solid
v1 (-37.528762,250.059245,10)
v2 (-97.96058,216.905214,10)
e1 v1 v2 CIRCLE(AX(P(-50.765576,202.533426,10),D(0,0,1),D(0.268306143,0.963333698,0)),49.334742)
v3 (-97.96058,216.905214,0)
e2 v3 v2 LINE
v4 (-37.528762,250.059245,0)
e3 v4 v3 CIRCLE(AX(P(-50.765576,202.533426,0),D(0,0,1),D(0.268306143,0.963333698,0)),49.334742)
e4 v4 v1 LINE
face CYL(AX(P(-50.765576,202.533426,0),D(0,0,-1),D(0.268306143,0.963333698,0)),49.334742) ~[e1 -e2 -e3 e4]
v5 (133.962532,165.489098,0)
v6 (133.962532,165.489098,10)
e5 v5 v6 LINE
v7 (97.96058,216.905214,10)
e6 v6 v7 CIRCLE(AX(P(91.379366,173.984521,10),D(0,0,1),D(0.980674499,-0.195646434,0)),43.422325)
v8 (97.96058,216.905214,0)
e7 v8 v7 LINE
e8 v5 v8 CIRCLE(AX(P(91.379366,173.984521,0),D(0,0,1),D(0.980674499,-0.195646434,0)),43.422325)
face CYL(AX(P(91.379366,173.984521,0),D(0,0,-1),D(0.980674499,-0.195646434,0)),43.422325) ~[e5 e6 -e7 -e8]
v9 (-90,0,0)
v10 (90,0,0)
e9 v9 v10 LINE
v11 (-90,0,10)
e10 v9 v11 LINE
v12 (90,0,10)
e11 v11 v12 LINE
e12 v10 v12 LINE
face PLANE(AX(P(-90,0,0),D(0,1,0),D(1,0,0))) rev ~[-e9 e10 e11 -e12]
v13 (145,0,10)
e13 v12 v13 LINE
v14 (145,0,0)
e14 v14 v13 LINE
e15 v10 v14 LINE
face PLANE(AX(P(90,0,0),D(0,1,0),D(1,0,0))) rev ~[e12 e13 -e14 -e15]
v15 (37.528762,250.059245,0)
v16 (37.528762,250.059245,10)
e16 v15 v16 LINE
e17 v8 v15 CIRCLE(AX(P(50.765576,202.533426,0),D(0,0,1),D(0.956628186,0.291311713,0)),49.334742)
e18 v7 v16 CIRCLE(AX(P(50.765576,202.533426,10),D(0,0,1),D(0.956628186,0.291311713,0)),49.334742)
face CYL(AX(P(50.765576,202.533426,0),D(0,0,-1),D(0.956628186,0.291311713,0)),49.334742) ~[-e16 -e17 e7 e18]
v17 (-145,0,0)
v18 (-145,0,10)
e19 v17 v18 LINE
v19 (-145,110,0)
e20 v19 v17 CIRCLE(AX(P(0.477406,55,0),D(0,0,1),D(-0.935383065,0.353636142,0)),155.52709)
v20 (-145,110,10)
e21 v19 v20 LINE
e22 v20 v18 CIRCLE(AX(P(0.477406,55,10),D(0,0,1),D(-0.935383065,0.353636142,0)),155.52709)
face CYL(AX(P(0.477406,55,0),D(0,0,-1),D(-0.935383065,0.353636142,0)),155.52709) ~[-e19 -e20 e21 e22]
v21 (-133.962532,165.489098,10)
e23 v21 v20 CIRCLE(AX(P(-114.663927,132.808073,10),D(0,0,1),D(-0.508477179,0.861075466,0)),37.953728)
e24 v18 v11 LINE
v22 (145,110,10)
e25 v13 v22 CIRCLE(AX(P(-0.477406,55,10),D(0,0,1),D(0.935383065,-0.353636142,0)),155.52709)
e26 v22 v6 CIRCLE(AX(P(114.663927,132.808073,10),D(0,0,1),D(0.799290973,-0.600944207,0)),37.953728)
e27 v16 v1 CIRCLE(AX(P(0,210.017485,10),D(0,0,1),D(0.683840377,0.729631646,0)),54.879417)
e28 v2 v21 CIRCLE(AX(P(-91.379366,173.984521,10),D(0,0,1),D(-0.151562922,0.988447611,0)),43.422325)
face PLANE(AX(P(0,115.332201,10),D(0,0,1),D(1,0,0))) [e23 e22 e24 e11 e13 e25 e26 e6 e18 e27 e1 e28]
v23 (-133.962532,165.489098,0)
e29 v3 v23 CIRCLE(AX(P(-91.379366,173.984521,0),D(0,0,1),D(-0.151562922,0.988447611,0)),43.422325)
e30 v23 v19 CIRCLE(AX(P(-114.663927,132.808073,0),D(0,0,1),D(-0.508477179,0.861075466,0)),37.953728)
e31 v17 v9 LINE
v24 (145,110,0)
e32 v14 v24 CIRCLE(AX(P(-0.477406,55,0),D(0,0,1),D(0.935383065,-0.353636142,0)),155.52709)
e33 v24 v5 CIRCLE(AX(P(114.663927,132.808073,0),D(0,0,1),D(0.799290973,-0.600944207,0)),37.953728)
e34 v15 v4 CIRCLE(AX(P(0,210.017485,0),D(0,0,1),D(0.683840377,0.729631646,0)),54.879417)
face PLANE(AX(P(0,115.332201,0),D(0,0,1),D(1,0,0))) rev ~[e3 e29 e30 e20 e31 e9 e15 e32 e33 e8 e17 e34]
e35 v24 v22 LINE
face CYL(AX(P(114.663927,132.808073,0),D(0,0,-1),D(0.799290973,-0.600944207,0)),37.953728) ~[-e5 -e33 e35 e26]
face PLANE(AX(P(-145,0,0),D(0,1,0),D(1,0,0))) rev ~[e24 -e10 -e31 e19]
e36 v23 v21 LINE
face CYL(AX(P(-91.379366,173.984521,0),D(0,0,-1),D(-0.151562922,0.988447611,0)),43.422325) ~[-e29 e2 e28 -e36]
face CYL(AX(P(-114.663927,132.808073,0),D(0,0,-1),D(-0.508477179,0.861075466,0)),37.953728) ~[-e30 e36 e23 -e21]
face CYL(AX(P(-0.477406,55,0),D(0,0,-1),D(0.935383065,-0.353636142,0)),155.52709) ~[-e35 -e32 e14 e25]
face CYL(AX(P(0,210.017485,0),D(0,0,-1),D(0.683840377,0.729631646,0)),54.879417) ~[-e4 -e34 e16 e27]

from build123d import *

# Parameters (mm, degrees)
F2_DEPTH = 10


with BuildPart() as f2:
    # F1 (on Top) → F2 (new body)
    with BuildSketch(Plane.XY):
        with BuildLine():
            Line((105, 0), (105, 110))
            ThreePointArc((105, 110), (0, 215), (-105, 110))
            Line((-105, 110), (-105, 0))
            Line((-105, 0), (-90, 0))
            Line((-90, 0), (-90, 110))
            ThreePointArc((-90, 110), (0, 200), (90, 110))
            Line((90, 110), (90, 2.92e-08))
            Line((90, 0), (105, 0))
        make_face()
        with BuildLine():
            ThreePointArc((-105, 110), (0, 215), (105, 110))
            Line((105, 110), (105, 0))
            Line((105, 0), (145, 0))
            Line((145, 0), (145, 110))
            ThreePointArc((145, 110), (142.2138656585, 138.2880966923), (133.9625322141, 165.4890976929))
            ThreePointArc((133.9625322141, 165.4890976929), (118.7770464219, 193.1685832709), (97.9605801043, 216.9052138375))
            ThreePointArc((97.9605801043, 216.9052138375), (69.7433714933, 237.1253795776), (37.5287615399, 250.0592448119))
            ThreePointArc((37.5287615399, 250.0592448119), (0, 255), (-37.5287615399, 250.0592448119))
            ThreePointArc((-37.5287615399, 250.0592448119), (-69.7433714933, 237.1253795776), (-97.9605801043, 216.9052138375))
            ThreePointArc((-97.9605801043, 216.9052138375), (-118.7770464219, 193.1685832709), (-133.9625322141, 165.4890976929))
            ThreePointArc((-133.9625322141, 165.4890976929), (-142.2138656585, 138.2880966923), (-145, 110))
            Line((-145, 110), (-145, 0))
            Line((-145, 0), (-105, 0))
            Line((-105, 0), (-105, 110))
        make_face()
        with BuildLine():
            add(Edge.make_bspline(
                [(-140, 20), (-140, -1.6506350946), (-117.5, 9.1746824527), (-95, 20), (-117.5, 30.8253175473), (-140, 41.6506350946), (-140, 20)],
                knots=[0, 0, 0, 2.0943951024, 2.0943951024, 4.1887902048, 4.1887902048, 6.2831853072, 6.2831853072, 6.2831853072], degree=2, weights=[1, 0.5, 1, 0.5, 1, 0.5, 1]))
        make_face(mode=Mode.SUBTRACT)
        with BuildLine():
            add(Edge.make_bspline(
                [(-140, 65), (-140, 43.3493649054), (-117.5, 54.1746824527), (-95, 65), (-117.5, 75.8253175473), (-140, 86.6506350946), (-140, 65)],
                knots=[0, 0, 0, 2.0943951024, 2.0943951024, 4.1887902048, 4.1887902048, 6.2831853072, 6.2831853072, 6.2831853072], degree=2, weights=[1, 0.5, 1, 0.5, 1, 0.5, 1]))
        make_face(mode=Mode.SUBTRACT)
        with BuildLine():
            add(Edge.make_bspline(
                [(-140, 110), (-140, 88.3493649054), (-117.5, 99.1746824527), (-95, 110), (-117.5, 120.8253175473), (-140, 131.6506350946), (-140, 110)],
                knots=[0, 0, 0, 2.0943951024, 2.0943951024, 4.1887902048, 4.1887902048, 6.2831853072, 6.2831853072, 6.2831853072], degree=2, weights=[1, 0.5, 1, 0.5, 1, 0.5, 1]))
        make_face(mode=Mode.SUBTRACT)
        with BuildLine():
            add(Edge.make_bspline(
                [(140, 20), (140, 41.6506350946), (117.5, 30.8253175473), (95, 20), (117.5, 9.1746824527), (140, -1.6506350946), (140, 20)],
                knots=[0, 0, 0, 2.0943951024, 2.0943951024, 4.1887902048, 4.1887902048, 6.2831853072, 6.2831853072, 6.2831853072], degree=2, weights=[1, 0.5, 1, 0.5, 1, 0.5, 1]))
        make_face(mode=Mode.SUBTRACT)
        with BuildLine():
            add(Edge.make_bspline(
                [(140, 65), (140, 86.6506350946), (117.5, 75.8253175473), (95, 65), (117.5, 54.1746824527), (140, 43.3493649054), (140, 65)],
                knots=[0, 0, 0, 2.0943951024, 2.0943951024, 4.1887902048, 4.1887902048, 6.2831853072, 6.2831853072, 6.2831853072], degree=2, weights=[1, 0.5, 1, 0.5, 1, 0.5, 1]))
        make_face(mode=Mode.SUBTRACT)
        with BuildLine():
            add(Edge.make_bspline(
                [(140, 110), (140, 131.6506350946), (117.5, 120.8253175473), (95, 110), (117.5, 99.1746824527), (140, 88.3493649054), (140, 110)],
                knots=[0, 0, 0, 2.0943951024, 2.0943951024, 4.1887902048, 4.1887902048, 6.2831853072, 6.2831853072, 6.2831853072], degree=2, weights=[1, 0.5, 1, 0.5, 1, 0.5, 1]))
        make_face(mode=Mode.SUBTRACT)
        with BuildLine():
            add(Edge.make_bspline(
                [(-130.4849415639, 157.8354290456), (-130.4849415639, 136.184793951), (-107.9849415639, 147.0101114983), (-85.4849415639, 157.8354290456), (-107.9849415639, 168.6607465929), (-130.4849415639, 179.4860641402), (-130.4849415639, 157.8354290456)],
                knots=[0, 0, 0, 2.0943951024, 2.0943951024, 4.1887902048, 4.1887902048, 6.2831853072, 6.2831853072, 6.2831853072], degree=2, weights=[1, 0.5, 1, 0.5, 1, 0.5, 1]))
        make_face(mode=Mode.SUBTRACT)
        with BuildLine():
            add(Edge.make_bspline(
                [(-99.448775952, 202.1596671013), (-99.448775952, 180.5090320067), (-76.948775952, 191.334349554), (-54.448775952, 202.1596671013), (-76.948775952, 212.9849846486), (-99.448775952, 223.8103021959), (-99.448775952, 202.1596671013)],
                knots=[0, 0, 0, 2.0943951024, 2.0943951024, 4.1887902048, 4.1887902048, 6.2831853072, 6.2831853072, 6.2831853072], degree=2, weights=[1, 0.5, 1, 0.5, 1, 0.5, 1]))
        make_face(mode=Mode.SUBTRACT)
        with BuildLine():
            add(Edge.make_bspline(
                [(-47.3523806378, 230.7407282861), (-47.3523806378, 209.0900931915), (-24.8523806378, 219.9154107388), (-2.3523806378, 230.7407282861), (-24.8523806378, 241.5660458334), (-47.3523806378, 252.3913633807), (-47.3523806378, 230.7407282861)],
                knots=[0, 0, 0, 2.0943951024, 2.0943951024, 4.1887902048, 4.1887902048, 6.2831853072, 6.2831853072, 6.2831853072], degree=2, weights=[1, 0.5, 1, 0.5, 1, 0.5, 1]))
        make_face(mode=Mode.SUBTRACT)
        with BuildLine():
            add(Edge.make_bspline(
                [(130.4849415639, 157.8354290456), (130.4849415639, 179.4860641402), (107.9849415639, 168.6607465929), (85.4849415639, 157.8354290456), (107.9849415639, 147.0101114983), (130.4849415639, 136.184793951), (130.4849415639, 157.8354290456)],
                knots=[0, 0, 0, 2.0943951024, 2.0943951024, 4.1887902048, 4.1887902048, 6.2831853072, 6.2831853072, 6.2831853072], degree=2, weights=[1, 0.5, 1, 0.5, 1, 0.5, 1]))
        make_face(mode=Mode.SUBTRACT)
        with BuildLine():
            add(Edge.make_bspline(
                [(47.3523806378, 230.7407282861), (47.3523806378, 252.3913633807), (24.8523806378, 241.5660458334), (2.3523806378, 230.7407282861), (24.8523806378, 219.9154107388), (47.3523806378, 209.0900931915), (47.3523806378, 230.7407282861)],
                knots=[0, 0, 0, 2.0943951024, 2.0943951024, 4.1887902048, 4.1887902048, 6.2831853072, 6.2831853072, 6.2831853072], degree=2, weights=[1, 0.5, 1, 0.5, 1, 0.5, 1]))
        make_face(mode=Mode.SUBTRACT)
        with BuildLine():
            add(Edge.make_bspline(
                [(99.448775952, 202.1596671013), (99.448775952, 223.8103021959), (76.948775952, 212.9849846486), (54.448775952, 202.1596671013), (76.948775952, 191.334349554), (99.448775952, 180.5090320067), (99.448775952, 202.1596671013)],
                knots=[0, 0, 0, 2.0943951024, 2.0943951024, 4.1887902048, 4.1887902048, 6.2831853072, 6.2831853072, 6.2831853072], degree=2, weights=[1, 0.5, 1, 0.5, 1, 0.5, 1]))
        make_face(mode=Mode.SUBTRACT)
        with BuildLine():
            ThreePointArc((-145, 110), (-155.0496837882, 55), (-145, 0))
            Line((-145, 0), (-145, 110))
        make_face()
        with BuildLine():
            ThreePointArc((-133.9625322141, 165.4890976929), (-151.8883856552, 140.2124783682), (-145, 110))
            ThreePointArc((-145, 110), (-142.2138656585, 138.2880966923), (-133.9625322141, 165.4890976929))
        make_face()
        with BuildLine():
            ThreePointArc((-97.9605801043, 216.9052138375), (-126.948851738, 198.890542954), (-133.9625322141, 165.4890976929))
            ThreePointArc((-133.9625322141, 165.4890976929), (-118.7770464219, 193.1685832709), (-97.9605801043, 216.9052138375))
        make_face()
        with BuildLine():
            ThreePointArc((-37.5287615399, 250.0592448119), (-74.4950323823, 245.7865136926), (-97.9605801043, 216.9052138375))
            ThreePointArc((-97.9605801043, 216.9052138375), (-69.7433714933, 237.1253795776), (-37.5287615399, 250.0592448119))
        make_face()
        with BuildLine():
            ThreePointArc((-37.5287615399, 250.0592448119), (0, 255), (37.5287615399, 250.0592448119))
            ThreePointArc((37.5287615399, 250.0592448119), (0, 264.8969025948), (-37.5287615399, 250.0592448119))
        make_face()
        with BuildLine():
            ThreePointArc((37.5287615399, 250.0592448119), (69.7433714933, 237.1253795776), (97.9605801043, 216.9052138375))
            ThreePointArc((97.9605801043, 216.9052138375), (74.4950323823, 245.7865136926), (37.5287615399, 250.0592448119))
        make_face()
        with BuildLine():
            ThreePointArc((97.9605801043, 216.9052138375), (118.7770464219, 193.1685832709), (133.9625322141, 165.4890976929))
            ThreePointArc((133.9625322141, 165.4890976929), (126.948851738, 198.890542954), (97.9605801043, 216.9052138375))
        make_face()
        with BuildLine():
            ThreePointArc((133.9625322141, 165.4890976929), (142.2138656585, 138.2880966923), (145, 110))
            ThreePointArc((145, 110), (151.8883856552, 140.2124783682), (133.9625322141, 165.4890976929))
        make_face()
        with BuildLine():
            Line((145, 110), (145, 0))
            ThreePointArc((145, 0), (155.0496837882, 55), (145, 110))
        make_face()
        with BuildLine():
            add(Edge.make_bspline(
                [(140, 20), (140, 41.6506350946), (117.5, 30.8253175473), (95, 20), (117.5, 9.1746824527), (140, -1.6506350946), (140, 20)],
                knots=[0, 0, 0, 2.0943951024, 2.0943951024, 4.1887902048, 4.1887902048, 6.2831853072, 6.2831853072, 6.2831853072], degree=2, weights=[1, 0.5, 1, 0.5, 1, 0.5, 1]))
        make_face()
        with BuildLine():
            add(Edge.make_bspline(
                [(140, 65), (140, 86.6506350946), (117.5, 75.8253175473), (95, 65), (117.5, 54.1746824527), (140, 43.3493649054), (140, 65)],
                knots=[0, 0, 0, 2.0943951024, 2.0943951024, 4.1887902048, 4.1887902048, 6.2831853072, 6.2831853072, 6.2831853072], degree=2, weights=[1, 0.5, 1, 0.5, 1, 0.5, 1]))
        make_face()
        with BuildLine():
            add(Edge.make_bspline(
                [(140, 110), (140, 131.6506350946), (117.5, 120.8253175473), (95, 110), (117.5, 99.1746824527), (140, 88.3493649054), (140, 110)],
                knots=[0, 0, 0, 2.0943951024, 2.0943951024, 4.1887902048, 4.1887902048, 6.2831853072, 6.2831853072, 6.2831853072], degree=2, weights=[1, 0.5, 1, 0.5, 1, 0.5, 1]))
        make_face()
        with BuildLine():
            add(Edge.make_bspline(
                [(130.4849415639, 157.8354290456), (130.4849415639, 179.4860641402), (107.9849415639, 168.6607465929), (85.4849415639, 157.8354290456), (107.9849415639, 147.0101114983), (130.4849415639, 136.184793951), (130.4849415639, 157.8354290456)],
                knots=[0, 0, 0, 2.0943951024, 2.0943951024, 4.1887902048, 4.1887902048, 6.2831853072, 6.2831853072, 6.2831853072], degree=2, weights=[1, 0.5, 1, 0.5, 1, 0.5, 1]))
        make_face()
        with BuildLine():
            add(Edge.make_bspline(
                [(99.448775952, 202.1596671013), (99.448775952, 223.8103021959), (76.948775952, 212.9849846486), (54.448775952, 202.1596671013), (76.948775952, 191.334349554), (99.448775952, 180.5090320067), (99.448775952, 202.1596671013)],
                knots=[0, 0, 0, 2.0943951024, 2.0943951024, 4.1887902048, 4.1887902048, 6.2831853072, 6.2831853072, 6.2831853072], degree=2, weights=[1, 0.5, 1, 0.5, 1, 0.5, 1]))
        make_face()
        with BuildLine():
            add(Edge.make_bspline(
                [(47.3523806378, 230.7407282861), (47.3523806378, 252.3913633807), (24.8523806378, 241.5660458334), (2.3523806378, 230.7407282861), (24.8523806378, 219.9154107388), (47.3523806378, 209.0900931915), (47.3523806378, 230.7407282861)],
                knots=[0, 0, 0, 2.0943951024, 2.0943951024, 4.1887902048, 4.1887902048, 6.2831853072, 6.2831853072, 6.2831853072], degree=2, weights=[1, 0.5, 1, 0.5, 1, 0.5, 1]))
        make_face()
        with BuildLine():
            add(Edge.make_bspline(
                [(-47.3523806378, 230.7407282861), (-47.3523806378, 209.0900931915), (-24.8523806378, 219.9154107388), (-2.3523806378, 230.7407282861), (-24.8523806378, 241.5660458334), (-47.3523806378, 252.3913633807), (-47.3523806378, 230.7407282861)],
                knots=[0, 0, 0, 2.0943951024, 2.0943951024, 4.1887902048, 4.1887902048, 6.2831853072, 6.2831853072, 6.2831853072], degree=2, weights=[1, 0.5, 1, 0.5, 1, 0.5, 1]))
        make_face()
        with BuildLine():
            add(Edge.make_bspline(
                [(-99.448775952, 202.1596671013), (-99.448775952, 180.5090320067), (-76.948775952, 191.334349554), (-54.448775952, 202.1596671013), (-76.948775952, 212.9849846486), (-99.448775952, 223.8103021959), (-99.448775952, 202.1596671013)],
                knots=[0, 0, 0, 2.0943951024, 2.0943951024, 4.1887902048, 4.1887902048, 6.2831853072, 6.2831853072, 6.2831853072], degree=2, weights=[1, 0.5, 1, 0.5, 1, 0.5, 1]))
        make_face()
        with BuildLine():
            add(Edge.make_bspline(
                [(-130.4849415639, 157.8354290456), (-130.4849415639, 136.184793951), (-107.9849415639, 147.0101114983), (-85.4849415639, 157.8354290456), (-107.9849415639, 168.6607465929), (-130.4849415639, 179.4860641402), (-130.4849415639, 157.8354290456)],
                knots=[0, 0, 0, 2.0943951024, 2.0943951024, 4.1887902048, 4.1887902048, 6.2831853072, 6.2831853072, 6.2831853072], degree=2, weights=[1, 0.5, 1, 0.5, 1, 0.5, 1]))
        make_face()
        with BuildLine():
            add(Edge.make_bspline(
                [(-140, 110), (-140, 88.3493649054), (-117.5, 99.1746824527), (-95, 110), (-117.5, 120.8253175473), (-140, 131.6506350946), (-140, 110)],
                knots=[0, 0, 0, 2.0943951024, 2.0943951024, 4.1887902048, 4.1887902048, 6.2831853072, 6.2831853072, 6.2831853072], degree=2, weights=[1, 0.5, 1, 0.5, 1, 0.5, 1]))
        make_face()
        with BuildLine():
            add(Edge.make_bspline(
                [(-140, 65), (-140, 43.3493649054), (-117.5, 54.1746824527), (-95, 65), (-117.5, 75.8253175473), (-140, 86.6506350946), (-140, 65)],
                knots=[0, 0, 0, 2.0943951024, 2.0943951024, 4.1887902048, 4.1887902048, 6.2831853072, 6.2831853072, 6.2831853072], degree=2, weights=[1, 0.5, 1, 0.5, 1, 0.5, 1]))
        make_face()
        with BuildLine():
            add(Edge.make_bspline(
                [(-140, 20), (-140, -1.6506350946), (-117.5, 9.1746824527), (-95, 20), (-117.5, 30.8253175473), (-140, 41.6506350946), (-140, 20)],
                knots=[0, 0, 0, 2.0943951024, 2.0943951024, 4.1887902048, 4.1887902048, 6.2831853072, 6.2831853072, 6.2831853072], degree=2, weights=[1, 0.5, 1, 0.5, 1, 0.5, 1]))
        make_face()
        with BuildLine():
            Line((-90, 0), (90, 2.92e-08))
            Line((90, 2.92e-08), (90, 110))
            ThreePointArc((90, 110), (0, 200), (-90, 110))
            Line((-90, 110), (-90, 0))
        make_face()
    extrude(amount=F2_DEPTH)


solid = f2.part
